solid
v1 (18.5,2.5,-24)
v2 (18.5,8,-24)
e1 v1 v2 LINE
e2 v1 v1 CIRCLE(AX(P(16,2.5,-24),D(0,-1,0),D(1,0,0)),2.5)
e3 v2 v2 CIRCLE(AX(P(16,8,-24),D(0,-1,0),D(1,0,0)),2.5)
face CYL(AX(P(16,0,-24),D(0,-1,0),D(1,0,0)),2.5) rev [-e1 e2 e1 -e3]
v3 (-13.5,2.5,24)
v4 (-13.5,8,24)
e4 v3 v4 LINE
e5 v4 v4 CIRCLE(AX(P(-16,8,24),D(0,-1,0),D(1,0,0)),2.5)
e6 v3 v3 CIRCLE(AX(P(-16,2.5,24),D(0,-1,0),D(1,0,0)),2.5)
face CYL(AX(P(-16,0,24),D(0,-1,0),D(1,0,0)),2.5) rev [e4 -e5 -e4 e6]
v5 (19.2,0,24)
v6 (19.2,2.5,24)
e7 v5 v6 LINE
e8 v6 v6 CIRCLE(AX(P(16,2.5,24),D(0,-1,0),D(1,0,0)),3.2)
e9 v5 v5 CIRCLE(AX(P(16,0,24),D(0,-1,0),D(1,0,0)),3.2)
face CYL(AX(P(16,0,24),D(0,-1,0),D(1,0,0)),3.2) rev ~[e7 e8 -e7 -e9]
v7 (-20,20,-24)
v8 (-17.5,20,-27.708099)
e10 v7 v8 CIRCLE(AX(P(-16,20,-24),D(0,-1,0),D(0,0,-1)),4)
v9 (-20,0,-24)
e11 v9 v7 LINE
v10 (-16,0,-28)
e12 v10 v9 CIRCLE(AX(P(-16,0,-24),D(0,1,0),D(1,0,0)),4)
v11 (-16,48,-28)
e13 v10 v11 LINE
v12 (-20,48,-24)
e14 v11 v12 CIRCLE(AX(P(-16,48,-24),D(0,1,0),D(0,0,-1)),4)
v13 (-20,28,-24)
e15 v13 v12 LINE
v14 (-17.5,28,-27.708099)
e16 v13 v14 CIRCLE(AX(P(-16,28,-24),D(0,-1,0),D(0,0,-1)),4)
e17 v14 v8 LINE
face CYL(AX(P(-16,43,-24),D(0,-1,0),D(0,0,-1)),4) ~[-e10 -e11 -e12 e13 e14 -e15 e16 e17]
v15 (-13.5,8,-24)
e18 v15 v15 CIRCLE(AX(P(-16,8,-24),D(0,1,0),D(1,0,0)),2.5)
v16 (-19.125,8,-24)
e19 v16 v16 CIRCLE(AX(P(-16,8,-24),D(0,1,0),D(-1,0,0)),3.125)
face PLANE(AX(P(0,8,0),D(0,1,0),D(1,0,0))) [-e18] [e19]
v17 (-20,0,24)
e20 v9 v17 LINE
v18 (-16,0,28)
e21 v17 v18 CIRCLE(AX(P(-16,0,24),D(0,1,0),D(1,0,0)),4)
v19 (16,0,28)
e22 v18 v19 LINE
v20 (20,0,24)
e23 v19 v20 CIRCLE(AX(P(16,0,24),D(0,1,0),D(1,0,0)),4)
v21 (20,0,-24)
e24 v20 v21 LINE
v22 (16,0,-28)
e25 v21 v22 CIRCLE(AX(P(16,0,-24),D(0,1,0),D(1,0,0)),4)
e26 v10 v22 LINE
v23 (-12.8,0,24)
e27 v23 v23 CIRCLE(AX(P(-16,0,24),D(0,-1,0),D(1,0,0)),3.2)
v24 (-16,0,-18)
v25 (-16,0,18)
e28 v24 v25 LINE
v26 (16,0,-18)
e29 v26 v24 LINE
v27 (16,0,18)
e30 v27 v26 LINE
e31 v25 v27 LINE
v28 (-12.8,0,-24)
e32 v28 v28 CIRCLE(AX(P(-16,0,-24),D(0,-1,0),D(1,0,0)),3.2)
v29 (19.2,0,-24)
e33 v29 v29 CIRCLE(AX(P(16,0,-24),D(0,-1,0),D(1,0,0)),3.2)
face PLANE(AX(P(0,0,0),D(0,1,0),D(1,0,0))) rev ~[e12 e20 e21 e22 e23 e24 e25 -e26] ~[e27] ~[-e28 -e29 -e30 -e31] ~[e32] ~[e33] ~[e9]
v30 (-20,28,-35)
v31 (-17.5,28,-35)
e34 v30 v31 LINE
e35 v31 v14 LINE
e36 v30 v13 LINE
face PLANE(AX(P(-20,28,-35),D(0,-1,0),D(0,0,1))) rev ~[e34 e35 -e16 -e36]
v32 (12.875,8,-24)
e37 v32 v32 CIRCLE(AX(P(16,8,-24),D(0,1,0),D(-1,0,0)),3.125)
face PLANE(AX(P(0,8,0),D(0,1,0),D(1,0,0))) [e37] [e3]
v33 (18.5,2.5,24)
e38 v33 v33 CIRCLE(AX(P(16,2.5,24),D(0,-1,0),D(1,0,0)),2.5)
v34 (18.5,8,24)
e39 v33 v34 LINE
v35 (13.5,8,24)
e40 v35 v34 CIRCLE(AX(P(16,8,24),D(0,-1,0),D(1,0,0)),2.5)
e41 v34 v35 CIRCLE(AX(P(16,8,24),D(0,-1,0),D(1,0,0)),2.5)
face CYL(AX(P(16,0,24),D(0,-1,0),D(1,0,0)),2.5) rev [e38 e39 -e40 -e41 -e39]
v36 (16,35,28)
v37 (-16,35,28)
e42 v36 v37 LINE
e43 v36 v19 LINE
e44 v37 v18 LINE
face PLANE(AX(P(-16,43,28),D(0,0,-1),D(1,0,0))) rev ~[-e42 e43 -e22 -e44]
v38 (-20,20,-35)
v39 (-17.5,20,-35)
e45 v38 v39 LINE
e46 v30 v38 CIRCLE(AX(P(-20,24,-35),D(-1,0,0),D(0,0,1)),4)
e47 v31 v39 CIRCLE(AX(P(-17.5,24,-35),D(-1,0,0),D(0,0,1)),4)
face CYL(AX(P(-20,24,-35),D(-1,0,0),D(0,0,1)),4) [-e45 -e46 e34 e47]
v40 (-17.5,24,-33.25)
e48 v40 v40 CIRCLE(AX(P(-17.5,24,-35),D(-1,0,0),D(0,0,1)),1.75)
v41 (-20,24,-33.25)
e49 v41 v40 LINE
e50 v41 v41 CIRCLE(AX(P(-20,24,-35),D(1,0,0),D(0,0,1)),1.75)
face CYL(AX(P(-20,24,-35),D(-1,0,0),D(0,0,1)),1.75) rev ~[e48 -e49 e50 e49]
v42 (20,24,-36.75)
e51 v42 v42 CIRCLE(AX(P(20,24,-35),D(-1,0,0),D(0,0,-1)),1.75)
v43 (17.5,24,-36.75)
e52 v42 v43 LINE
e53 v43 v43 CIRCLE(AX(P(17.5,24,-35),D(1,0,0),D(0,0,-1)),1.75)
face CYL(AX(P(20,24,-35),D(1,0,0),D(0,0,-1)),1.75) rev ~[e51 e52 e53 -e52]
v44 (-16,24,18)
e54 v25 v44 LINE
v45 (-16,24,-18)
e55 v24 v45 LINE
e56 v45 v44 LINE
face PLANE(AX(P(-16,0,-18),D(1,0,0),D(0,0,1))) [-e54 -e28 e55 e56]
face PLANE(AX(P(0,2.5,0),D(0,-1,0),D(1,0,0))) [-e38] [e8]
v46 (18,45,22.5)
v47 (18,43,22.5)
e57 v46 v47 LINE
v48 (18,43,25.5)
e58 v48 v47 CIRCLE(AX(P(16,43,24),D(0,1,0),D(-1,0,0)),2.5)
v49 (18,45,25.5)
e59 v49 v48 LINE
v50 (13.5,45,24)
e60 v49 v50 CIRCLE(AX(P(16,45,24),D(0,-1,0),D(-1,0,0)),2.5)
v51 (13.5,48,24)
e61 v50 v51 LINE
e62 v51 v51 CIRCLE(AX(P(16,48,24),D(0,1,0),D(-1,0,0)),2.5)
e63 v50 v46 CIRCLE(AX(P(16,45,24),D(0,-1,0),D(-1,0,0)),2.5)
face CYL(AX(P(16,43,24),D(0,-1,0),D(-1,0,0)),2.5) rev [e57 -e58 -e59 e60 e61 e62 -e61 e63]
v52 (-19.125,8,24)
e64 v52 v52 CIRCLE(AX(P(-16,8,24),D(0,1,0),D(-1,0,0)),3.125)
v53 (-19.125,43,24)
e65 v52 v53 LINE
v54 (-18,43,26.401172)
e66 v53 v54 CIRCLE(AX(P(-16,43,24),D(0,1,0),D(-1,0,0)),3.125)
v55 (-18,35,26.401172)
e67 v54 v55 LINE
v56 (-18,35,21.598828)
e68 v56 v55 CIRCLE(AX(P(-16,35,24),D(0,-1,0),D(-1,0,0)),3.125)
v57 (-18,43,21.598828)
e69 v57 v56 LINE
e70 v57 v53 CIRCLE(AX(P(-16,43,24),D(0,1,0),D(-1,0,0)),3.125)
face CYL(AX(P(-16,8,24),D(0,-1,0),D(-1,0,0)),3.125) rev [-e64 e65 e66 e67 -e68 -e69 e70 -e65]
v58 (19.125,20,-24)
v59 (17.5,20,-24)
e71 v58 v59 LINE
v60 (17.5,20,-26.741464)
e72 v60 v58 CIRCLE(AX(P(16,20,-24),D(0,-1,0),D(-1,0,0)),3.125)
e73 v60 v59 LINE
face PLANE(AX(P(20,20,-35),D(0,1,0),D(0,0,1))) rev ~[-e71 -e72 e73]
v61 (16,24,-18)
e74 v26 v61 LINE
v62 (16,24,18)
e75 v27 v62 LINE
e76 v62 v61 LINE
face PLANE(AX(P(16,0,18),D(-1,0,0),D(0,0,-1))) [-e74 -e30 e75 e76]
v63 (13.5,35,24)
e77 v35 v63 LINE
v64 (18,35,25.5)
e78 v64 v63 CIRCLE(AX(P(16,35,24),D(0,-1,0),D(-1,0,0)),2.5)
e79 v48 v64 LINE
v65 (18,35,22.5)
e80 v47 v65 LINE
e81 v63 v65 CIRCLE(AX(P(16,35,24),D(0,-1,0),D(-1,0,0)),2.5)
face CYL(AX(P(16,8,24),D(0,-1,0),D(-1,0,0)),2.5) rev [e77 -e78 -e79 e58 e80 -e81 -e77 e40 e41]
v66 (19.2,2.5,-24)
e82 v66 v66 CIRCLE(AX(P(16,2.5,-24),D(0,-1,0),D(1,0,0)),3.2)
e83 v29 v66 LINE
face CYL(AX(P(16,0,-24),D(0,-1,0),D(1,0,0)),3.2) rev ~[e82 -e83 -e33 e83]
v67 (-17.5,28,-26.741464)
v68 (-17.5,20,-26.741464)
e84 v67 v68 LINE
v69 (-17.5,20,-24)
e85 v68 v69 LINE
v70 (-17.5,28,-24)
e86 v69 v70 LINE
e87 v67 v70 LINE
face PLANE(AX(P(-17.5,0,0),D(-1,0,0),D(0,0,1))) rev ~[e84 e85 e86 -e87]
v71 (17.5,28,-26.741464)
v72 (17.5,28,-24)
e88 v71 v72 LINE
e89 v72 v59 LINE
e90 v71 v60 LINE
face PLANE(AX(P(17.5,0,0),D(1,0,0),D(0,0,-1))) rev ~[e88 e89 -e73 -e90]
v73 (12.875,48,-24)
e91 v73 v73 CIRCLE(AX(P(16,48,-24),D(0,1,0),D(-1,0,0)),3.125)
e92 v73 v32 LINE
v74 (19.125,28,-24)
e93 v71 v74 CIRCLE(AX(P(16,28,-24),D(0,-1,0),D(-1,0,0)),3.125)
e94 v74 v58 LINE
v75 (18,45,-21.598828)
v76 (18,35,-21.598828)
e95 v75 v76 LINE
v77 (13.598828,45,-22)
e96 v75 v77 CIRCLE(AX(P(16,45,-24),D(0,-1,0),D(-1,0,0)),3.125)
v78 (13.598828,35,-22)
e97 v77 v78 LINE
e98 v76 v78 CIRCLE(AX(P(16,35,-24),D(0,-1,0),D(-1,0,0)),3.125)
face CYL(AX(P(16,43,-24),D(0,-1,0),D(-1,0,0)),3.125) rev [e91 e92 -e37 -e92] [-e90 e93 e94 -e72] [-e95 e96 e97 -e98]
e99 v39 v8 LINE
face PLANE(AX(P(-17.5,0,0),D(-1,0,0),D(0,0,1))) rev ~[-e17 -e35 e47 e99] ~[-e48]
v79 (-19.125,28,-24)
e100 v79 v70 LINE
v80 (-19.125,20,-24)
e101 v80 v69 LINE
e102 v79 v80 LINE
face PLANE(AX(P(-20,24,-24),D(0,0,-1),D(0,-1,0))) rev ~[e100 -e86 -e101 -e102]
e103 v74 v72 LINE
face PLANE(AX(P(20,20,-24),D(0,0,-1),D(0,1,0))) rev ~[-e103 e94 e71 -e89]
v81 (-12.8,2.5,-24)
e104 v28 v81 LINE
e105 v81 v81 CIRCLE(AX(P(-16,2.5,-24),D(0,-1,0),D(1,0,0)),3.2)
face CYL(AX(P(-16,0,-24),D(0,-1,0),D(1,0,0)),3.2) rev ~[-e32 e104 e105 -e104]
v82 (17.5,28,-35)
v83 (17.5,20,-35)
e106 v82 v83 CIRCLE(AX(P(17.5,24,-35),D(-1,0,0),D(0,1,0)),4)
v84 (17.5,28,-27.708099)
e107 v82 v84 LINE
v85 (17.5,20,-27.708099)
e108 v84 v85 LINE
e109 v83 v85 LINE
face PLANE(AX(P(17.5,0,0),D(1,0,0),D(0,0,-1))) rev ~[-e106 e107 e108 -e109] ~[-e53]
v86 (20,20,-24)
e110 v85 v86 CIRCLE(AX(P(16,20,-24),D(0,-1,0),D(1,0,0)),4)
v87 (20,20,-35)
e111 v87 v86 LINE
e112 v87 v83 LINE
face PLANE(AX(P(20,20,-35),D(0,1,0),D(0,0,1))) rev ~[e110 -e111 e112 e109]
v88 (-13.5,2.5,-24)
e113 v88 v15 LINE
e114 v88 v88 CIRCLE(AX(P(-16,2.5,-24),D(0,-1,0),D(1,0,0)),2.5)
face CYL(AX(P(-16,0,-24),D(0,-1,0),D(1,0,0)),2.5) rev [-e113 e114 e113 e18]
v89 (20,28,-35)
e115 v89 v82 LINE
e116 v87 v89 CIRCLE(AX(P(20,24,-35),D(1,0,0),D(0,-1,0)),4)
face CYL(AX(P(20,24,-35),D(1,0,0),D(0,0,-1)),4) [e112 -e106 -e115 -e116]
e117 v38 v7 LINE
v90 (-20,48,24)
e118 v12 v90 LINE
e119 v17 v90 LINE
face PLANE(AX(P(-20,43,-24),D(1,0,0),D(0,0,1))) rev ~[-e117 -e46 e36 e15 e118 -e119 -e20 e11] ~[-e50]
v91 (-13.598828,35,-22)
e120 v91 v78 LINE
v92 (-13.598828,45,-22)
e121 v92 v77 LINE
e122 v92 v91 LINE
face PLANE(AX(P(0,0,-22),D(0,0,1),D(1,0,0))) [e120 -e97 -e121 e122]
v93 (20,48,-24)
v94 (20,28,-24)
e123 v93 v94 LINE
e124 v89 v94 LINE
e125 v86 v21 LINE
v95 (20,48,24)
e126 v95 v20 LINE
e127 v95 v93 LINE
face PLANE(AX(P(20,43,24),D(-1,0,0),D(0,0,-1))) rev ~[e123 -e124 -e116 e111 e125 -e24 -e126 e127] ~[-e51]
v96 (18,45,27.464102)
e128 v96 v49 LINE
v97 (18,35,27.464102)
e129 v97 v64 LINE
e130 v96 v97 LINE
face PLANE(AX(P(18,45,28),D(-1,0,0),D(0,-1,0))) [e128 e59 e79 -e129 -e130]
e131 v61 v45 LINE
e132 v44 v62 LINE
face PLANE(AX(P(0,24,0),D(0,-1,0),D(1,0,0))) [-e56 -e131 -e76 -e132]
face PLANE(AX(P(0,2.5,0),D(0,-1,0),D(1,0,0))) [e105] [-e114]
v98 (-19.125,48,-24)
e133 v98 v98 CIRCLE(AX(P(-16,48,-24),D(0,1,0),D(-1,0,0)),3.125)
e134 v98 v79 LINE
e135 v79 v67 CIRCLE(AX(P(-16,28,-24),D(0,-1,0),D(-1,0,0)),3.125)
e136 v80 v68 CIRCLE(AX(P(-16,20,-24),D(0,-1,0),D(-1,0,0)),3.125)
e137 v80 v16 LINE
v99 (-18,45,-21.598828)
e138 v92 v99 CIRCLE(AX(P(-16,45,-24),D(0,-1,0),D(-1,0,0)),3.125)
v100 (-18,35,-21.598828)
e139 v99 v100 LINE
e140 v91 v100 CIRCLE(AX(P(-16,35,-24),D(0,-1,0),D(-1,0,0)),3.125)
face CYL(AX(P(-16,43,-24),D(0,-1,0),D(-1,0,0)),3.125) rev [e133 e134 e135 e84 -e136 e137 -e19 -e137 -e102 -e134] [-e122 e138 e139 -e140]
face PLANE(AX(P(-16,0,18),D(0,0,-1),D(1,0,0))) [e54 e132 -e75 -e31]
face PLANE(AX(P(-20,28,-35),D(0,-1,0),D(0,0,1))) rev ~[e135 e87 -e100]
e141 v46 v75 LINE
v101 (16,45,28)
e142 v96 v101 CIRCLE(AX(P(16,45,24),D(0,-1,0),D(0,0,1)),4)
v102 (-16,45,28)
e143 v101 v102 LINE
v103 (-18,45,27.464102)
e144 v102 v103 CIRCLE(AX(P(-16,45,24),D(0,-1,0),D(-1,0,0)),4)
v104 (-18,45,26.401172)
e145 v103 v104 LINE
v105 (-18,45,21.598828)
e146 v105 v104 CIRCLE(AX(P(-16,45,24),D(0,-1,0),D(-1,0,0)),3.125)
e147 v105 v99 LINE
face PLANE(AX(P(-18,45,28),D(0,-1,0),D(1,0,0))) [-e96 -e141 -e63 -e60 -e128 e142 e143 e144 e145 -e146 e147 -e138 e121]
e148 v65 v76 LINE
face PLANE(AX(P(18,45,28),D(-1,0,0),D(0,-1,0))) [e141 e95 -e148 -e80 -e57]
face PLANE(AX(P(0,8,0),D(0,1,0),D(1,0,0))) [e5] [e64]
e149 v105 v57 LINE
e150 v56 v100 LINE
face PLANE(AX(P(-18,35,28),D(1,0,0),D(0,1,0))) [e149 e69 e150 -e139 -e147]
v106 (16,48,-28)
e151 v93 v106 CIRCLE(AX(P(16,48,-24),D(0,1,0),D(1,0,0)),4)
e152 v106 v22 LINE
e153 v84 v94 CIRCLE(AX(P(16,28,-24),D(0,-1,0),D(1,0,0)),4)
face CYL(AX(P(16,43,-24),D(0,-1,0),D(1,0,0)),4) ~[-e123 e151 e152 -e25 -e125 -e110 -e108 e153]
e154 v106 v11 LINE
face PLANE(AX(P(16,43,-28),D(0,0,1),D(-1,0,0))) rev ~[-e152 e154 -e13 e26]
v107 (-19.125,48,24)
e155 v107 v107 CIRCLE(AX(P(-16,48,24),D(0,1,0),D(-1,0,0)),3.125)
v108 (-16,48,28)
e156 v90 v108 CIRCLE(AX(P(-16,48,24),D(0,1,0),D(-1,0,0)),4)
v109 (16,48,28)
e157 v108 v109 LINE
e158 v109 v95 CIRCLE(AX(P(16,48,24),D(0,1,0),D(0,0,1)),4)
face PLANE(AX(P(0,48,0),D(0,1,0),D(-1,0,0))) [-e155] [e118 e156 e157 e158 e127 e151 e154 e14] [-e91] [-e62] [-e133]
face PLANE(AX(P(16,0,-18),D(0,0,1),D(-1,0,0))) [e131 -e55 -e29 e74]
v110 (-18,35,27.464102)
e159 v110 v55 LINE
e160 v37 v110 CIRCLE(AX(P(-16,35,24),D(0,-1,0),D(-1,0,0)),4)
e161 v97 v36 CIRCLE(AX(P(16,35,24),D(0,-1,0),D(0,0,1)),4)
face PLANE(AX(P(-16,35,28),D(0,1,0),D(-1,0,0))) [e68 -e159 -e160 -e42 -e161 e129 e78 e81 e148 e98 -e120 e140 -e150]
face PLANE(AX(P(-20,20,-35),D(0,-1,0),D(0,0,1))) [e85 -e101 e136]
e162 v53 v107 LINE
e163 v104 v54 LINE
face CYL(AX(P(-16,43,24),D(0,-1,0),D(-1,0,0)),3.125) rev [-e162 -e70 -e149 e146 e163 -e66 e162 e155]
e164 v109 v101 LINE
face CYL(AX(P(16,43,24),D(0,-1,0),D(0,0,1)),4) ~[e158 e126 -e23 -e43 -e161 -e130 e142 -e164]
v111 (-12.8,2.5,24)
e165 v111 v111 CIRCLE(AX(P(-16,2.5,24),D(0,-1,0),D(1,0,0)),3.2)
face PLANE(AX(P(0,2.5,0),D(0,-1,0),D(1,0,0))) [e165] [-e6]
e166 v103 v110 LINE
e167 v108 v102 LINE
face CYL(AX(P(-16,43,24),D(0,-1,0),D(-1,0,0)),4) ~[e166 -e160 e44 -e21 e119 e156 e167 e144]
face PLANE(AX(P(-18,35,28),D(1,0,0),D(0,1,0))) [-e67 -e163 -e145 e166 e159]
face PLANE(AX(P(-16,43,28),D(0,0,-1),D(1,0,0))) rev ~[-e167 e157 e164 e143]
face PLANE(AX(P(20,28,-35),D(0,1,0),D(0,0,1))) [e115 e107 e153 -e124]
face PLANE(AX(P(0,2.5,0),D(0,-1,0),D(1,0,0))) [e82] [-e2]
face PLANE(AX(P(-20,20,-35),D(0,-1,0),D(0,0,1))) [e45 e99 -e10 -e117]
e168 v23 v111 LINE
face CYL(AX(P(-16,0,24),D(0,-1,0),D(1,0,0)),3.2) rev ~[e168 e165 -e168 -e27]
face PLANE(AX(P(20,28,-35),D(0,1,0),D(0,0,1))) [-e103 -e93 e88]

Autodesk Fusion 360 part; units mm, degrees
sketch "Sketch1" plane through (0, 0, 0) normal (0, 1, 0) x (1, 0, 0)
  line L0 (-16, 24) -> (16, 24)
  line L1 (16, 24) -> (16, -24)
  line L2 (16, -24) -> (-16, -24)
  line L3 (-16, -24) -> (-16, 24)
  line L4 (-16, 24) -> (16, -24) construction
  line L5 (16, 24) -> (-16, -24) construction
  circle A0 centre (-16, 24) radius 2.5
  circle A1 centre (16, 24) radius 2.5
  circle A2 centre (-16, -24) radius 2.5
  circle A3 centre (16, -24) radius 2.5
  circle A4 centre (-16, -24) radius 4
  circle A5 centre (16, -24) radius 4
  circle A6 centre (16, 24) radius 4
  circle A7 centre (-16, 24) radius 4
  line L6 (-16, 24) -> (-16, 28)
  line L7 (-16, 28) -> (16, 28)
  line L8 (-16, 24) -> (-20, 24)
  line L9 (-16, -24) -> (-20, -24)
  line L10 (-20, 24) -> (-20, -24)
  line L11 (-16, -24) -> (-16, -28)
  line L12 (-16, -28) -> (16, -28)
  line L13 (16, -24) -> (20, -24)
  line L14 (20, -24) -> (20, 24)
  dimension "d1" = 32
  dimension "d2" = 48
  dimension "d3" = 5
  dimension "d4" = 5
  dimension "d5" = 5
  dimension "d6" = 5
  dimension "d7" = 8
  dimension "d8" = 8
  dimension "d9" = 8
  dimension "d10" = 8
extrude "Extrude1" add sketch "Sketch1" along normal blind 8 contours L0 A0 A7 L6 | L0 L3 A0 A7 | L3 A0 A7 L8 | A0 A7 L6 L8 | L0 A6 A7 L7 | L0 L1 L2 L3 A4 A5 A6 A7 | L3 A4 A7 L10 | L0 L1 A1 A6 | L0 L1 A1 A6 | L2 L3 A2 A4 | L3 A2 A4 L9 | A2 A4 L9 L11 | L1 A5 A6 L14 | L2 A2 A4 L11 | L2 A4 A5 L12 | L1 A3 A5 L13 | L1 L2 A3 A5 | L2 A3 A5 L13
sketch "Sketch2" plane through (0, 0, 0) normal (0, -1, 0) x (1, 0, 0)
  circle A0 centre (16, 24) radius 2.5
  circle A1 centre (-16, 24) radius 2.5
  circle A2 centre (-16, -24) radius 2.5
  circle A3 centre (16, -24) radius 2.5
  arc A4 (-20, -24) -> (-16, -28) centre (-16, -24) ccw
  line L0 (-16, -28) -> (16, -28)
  arc A5 (16, -28) -> (20, -24) centre (16, -24) ccw
  line L1 (20, -24) -> (20, 24)
  arc A6 (20, 24) -> (16, 28) centre (16, 24) ccw
  line L2 (16, 28) -> (-16, 28)
  arc A7 (-16, 28) -> (-20, 24) centre (-16, 24) ccw
  line L3 (-20, 24) -> (-20, -24)
  circle A8 centre (-16, -24) radius 3.2
  circle A9 centre (16, -24) radius 3.2
  circle A10 centre (-16, 24) radius 3.2
  circle A11 centre (16, 24) radius 3.2
  dimension "d13" = 6.4
  dimension "d14" = 6.4
  dimension "d15" = 6.4
  dimension "d16" = 6.4
extrude "Extrude2" cut sketch "Sketch2" against normal blind 2.5 contours A8 | A9 | A10 | A11
sketch "Sketch3" plane through (0, 8, 0) normal (0, 1, 0) x (-1, 0, 0)
  circle A0 centre (-16, 24) radius 2.5
  circle A1 centre (16, 24) radius 2.5
  circle A2 centre (16, -24) radius 2.5
  circle A3 centre (-16, -24) radius 2.5
  arc A4 (16, -28) -> (20, -24) centre (16, -24) ccw
  line L0 (20, -24) -> (20, 24)
  arc A5 (20, 24) -> (16, 28) centre (16, 24) ccw
  line L1 (16, 28) -> (-16, 28)
  arc A6 (-16, 28) -> (-20, 24) centre (-16, 24) ccw
  line L2 (-20, 24) -> (-20, -24)
  arc A7 (-20, -24) -> (-16, -28) centre (-16, -24) ccw
  line L3 (-16, -28) -> (16, -28)
  circle A8 centre (16, -24) radius 3.125
  circle A9 centre (-16, -24) radius 3.125
  circle A10 centre (16, 24) radius 3.125
  dimension "d19" = 6.25
  dimension "d20" = 6.25
  dimension "d21" = 6.25
extrude "Extrude3" add sketch "Sketch3" along normal blind 35 contours A4 L0 A5 L1 A6 L2 A7 L3
extrude "Extrude4" add 1 faces at (5.0453, 43, 7.366) along direction (0, 1, 0) blind 5
sketch "Sketch4" plane through (0, 0, 28) normal (0, 0, 1) x (1, 0, 0)
  line L0 (-16, 0) -> (16, 0)
  line L1 (16, 0) -> (16, 48)
  line L2 (16, 48) -> (-16, 48)
  line L3 (-16, 48) -> (-16, 0)
  line L4 (-18, 45) -> (18, 45)
  line L5 (18, 45) -> (18, 35)
  line L6 (18, 35) -> (-18, 35)
  line L7 (-18, 35) -> (-18, 45)
  line L8 (-18, 45) -> (18, 35) construction
  line L9 (18, 45) -> (-18, 35) construction
  point P0 (0, 40)
extrude "Extrude5" cut sketch "Sketch4" against normal blind 50 contours L3 L4 L6 L7 | L1 L3 L4 L6 | L1 L4 L5 L6
sketch "Sketch5" plane through (-20, 0, 0) normal (-1, 0, 0) x (0, 0, 1)
  line L0 (-24, 0) -> (24, 0)
  line L1 (24, 0) -> (24, 48)
  line L2 (24, 48) -> (-24, 48)
  line L3 (-24, 48) -> (-24, 0)
  line L4 (-24, 0) -> (-24, 24)
  line L5 (-24, 24) -> (-35, 24)
  circle A0 centre (-35, 24) radius 1.75
  circle A1 centre (-35, 24) radius 4
  line L6 (-35, 24) -> (-35, 28)
  line L7 (-35, 24) -> (-35, 20)
  line L8 (-35, 20) -> (-24, 20)
  line L9 (-35, 28) -> (-24, 28)
  dimension "d28" = 3.5
  dimension "d29" = 8
extrude "Extrude6" add sketch "Sketch5" against normal blind 2.5 contours L3 L4 L5 A1 L8 | L3 L5 A1 L9 | L5 A0 A1 L7 | A0 A1 L6 L7 | L5 A0 A1 L6
sketch "Sketch6" plane through (20, 0, 0) normal (1, 0, 0) x (0, 0, -1)
  line L0 (-24, 0) -> (24, 0)
  line L1 (24, 0) -> (24, 48)
  line L2 (24, 48) -> (-24, 48)
  line L3 (-24, 48) -> (-24, 0)
  line L4 (24, 24) -> (35, 24)
  circle A0 centre (35, 24) radius 1.75
  circle A1 centre (35, 24) radius 4
  line L5 (35, 24) -> (35, 28)
  line L6 (35, 24) -> (35, 20)
  line L7 (35, 20) -> (24, 20)
  line L8 (35, 28) -> (24, 28)
  dimension "d32" = 3.5
extrude "Extrude7" add sketch "Sketch6" against normal blind 2.5 contours L1 L4 A1 L7 | L1 L4 A1 L8 | A0 A1 L5 L6 | L4 A0 A1 L6 | L4 A0 A1 L5
sketch "Sketch7" plane through (0, 0, 0) normal (0, -1, 0) x (1, 0, 0)
  circle A0 centre (16, 24) radius 3.2
  circle A1 centre (-16, -24) radius 3.2
  circle A2 centre (-16, 24) radius 3.2
  circle A3 centre (16, -24) radius 3.2
  arc A4 (-20, -24) -> (-16, -28) centre (-16, -24) ccw
  line L0 (-16, -28) -> (16, -28)
  arc A5 (16, -28) -> (20, -24) centre (16, -24) ccw
  line L1 (20, -24) -> (20, 24)
  arc A6 (20, 24) -> (16, 28) centre (16, 24) ccw
  line L2 (16, 28) -> (-16, 28)
  arc A7 (-16, 28) -> (-20, 24) centre (-16, 24) ccw
  line L3 (-20, 24) -> (-20, -24)
  line L4 (16, -18) -> (-16, -18)
  line L5 (-16, -18) -> (-16, 18)
  line L6 (-16, 18) -> (16, 18)
  line L7 (16, 18) -> (16, -18)
  line L8 (16, -18) -> (-16, 18) construction
  line L9 (-16, -18) -> (16, 18) construction
extrude "Extrude8" cut sketch "Sketch7" against normal blind 24 contours L4 L5 L6 L7
